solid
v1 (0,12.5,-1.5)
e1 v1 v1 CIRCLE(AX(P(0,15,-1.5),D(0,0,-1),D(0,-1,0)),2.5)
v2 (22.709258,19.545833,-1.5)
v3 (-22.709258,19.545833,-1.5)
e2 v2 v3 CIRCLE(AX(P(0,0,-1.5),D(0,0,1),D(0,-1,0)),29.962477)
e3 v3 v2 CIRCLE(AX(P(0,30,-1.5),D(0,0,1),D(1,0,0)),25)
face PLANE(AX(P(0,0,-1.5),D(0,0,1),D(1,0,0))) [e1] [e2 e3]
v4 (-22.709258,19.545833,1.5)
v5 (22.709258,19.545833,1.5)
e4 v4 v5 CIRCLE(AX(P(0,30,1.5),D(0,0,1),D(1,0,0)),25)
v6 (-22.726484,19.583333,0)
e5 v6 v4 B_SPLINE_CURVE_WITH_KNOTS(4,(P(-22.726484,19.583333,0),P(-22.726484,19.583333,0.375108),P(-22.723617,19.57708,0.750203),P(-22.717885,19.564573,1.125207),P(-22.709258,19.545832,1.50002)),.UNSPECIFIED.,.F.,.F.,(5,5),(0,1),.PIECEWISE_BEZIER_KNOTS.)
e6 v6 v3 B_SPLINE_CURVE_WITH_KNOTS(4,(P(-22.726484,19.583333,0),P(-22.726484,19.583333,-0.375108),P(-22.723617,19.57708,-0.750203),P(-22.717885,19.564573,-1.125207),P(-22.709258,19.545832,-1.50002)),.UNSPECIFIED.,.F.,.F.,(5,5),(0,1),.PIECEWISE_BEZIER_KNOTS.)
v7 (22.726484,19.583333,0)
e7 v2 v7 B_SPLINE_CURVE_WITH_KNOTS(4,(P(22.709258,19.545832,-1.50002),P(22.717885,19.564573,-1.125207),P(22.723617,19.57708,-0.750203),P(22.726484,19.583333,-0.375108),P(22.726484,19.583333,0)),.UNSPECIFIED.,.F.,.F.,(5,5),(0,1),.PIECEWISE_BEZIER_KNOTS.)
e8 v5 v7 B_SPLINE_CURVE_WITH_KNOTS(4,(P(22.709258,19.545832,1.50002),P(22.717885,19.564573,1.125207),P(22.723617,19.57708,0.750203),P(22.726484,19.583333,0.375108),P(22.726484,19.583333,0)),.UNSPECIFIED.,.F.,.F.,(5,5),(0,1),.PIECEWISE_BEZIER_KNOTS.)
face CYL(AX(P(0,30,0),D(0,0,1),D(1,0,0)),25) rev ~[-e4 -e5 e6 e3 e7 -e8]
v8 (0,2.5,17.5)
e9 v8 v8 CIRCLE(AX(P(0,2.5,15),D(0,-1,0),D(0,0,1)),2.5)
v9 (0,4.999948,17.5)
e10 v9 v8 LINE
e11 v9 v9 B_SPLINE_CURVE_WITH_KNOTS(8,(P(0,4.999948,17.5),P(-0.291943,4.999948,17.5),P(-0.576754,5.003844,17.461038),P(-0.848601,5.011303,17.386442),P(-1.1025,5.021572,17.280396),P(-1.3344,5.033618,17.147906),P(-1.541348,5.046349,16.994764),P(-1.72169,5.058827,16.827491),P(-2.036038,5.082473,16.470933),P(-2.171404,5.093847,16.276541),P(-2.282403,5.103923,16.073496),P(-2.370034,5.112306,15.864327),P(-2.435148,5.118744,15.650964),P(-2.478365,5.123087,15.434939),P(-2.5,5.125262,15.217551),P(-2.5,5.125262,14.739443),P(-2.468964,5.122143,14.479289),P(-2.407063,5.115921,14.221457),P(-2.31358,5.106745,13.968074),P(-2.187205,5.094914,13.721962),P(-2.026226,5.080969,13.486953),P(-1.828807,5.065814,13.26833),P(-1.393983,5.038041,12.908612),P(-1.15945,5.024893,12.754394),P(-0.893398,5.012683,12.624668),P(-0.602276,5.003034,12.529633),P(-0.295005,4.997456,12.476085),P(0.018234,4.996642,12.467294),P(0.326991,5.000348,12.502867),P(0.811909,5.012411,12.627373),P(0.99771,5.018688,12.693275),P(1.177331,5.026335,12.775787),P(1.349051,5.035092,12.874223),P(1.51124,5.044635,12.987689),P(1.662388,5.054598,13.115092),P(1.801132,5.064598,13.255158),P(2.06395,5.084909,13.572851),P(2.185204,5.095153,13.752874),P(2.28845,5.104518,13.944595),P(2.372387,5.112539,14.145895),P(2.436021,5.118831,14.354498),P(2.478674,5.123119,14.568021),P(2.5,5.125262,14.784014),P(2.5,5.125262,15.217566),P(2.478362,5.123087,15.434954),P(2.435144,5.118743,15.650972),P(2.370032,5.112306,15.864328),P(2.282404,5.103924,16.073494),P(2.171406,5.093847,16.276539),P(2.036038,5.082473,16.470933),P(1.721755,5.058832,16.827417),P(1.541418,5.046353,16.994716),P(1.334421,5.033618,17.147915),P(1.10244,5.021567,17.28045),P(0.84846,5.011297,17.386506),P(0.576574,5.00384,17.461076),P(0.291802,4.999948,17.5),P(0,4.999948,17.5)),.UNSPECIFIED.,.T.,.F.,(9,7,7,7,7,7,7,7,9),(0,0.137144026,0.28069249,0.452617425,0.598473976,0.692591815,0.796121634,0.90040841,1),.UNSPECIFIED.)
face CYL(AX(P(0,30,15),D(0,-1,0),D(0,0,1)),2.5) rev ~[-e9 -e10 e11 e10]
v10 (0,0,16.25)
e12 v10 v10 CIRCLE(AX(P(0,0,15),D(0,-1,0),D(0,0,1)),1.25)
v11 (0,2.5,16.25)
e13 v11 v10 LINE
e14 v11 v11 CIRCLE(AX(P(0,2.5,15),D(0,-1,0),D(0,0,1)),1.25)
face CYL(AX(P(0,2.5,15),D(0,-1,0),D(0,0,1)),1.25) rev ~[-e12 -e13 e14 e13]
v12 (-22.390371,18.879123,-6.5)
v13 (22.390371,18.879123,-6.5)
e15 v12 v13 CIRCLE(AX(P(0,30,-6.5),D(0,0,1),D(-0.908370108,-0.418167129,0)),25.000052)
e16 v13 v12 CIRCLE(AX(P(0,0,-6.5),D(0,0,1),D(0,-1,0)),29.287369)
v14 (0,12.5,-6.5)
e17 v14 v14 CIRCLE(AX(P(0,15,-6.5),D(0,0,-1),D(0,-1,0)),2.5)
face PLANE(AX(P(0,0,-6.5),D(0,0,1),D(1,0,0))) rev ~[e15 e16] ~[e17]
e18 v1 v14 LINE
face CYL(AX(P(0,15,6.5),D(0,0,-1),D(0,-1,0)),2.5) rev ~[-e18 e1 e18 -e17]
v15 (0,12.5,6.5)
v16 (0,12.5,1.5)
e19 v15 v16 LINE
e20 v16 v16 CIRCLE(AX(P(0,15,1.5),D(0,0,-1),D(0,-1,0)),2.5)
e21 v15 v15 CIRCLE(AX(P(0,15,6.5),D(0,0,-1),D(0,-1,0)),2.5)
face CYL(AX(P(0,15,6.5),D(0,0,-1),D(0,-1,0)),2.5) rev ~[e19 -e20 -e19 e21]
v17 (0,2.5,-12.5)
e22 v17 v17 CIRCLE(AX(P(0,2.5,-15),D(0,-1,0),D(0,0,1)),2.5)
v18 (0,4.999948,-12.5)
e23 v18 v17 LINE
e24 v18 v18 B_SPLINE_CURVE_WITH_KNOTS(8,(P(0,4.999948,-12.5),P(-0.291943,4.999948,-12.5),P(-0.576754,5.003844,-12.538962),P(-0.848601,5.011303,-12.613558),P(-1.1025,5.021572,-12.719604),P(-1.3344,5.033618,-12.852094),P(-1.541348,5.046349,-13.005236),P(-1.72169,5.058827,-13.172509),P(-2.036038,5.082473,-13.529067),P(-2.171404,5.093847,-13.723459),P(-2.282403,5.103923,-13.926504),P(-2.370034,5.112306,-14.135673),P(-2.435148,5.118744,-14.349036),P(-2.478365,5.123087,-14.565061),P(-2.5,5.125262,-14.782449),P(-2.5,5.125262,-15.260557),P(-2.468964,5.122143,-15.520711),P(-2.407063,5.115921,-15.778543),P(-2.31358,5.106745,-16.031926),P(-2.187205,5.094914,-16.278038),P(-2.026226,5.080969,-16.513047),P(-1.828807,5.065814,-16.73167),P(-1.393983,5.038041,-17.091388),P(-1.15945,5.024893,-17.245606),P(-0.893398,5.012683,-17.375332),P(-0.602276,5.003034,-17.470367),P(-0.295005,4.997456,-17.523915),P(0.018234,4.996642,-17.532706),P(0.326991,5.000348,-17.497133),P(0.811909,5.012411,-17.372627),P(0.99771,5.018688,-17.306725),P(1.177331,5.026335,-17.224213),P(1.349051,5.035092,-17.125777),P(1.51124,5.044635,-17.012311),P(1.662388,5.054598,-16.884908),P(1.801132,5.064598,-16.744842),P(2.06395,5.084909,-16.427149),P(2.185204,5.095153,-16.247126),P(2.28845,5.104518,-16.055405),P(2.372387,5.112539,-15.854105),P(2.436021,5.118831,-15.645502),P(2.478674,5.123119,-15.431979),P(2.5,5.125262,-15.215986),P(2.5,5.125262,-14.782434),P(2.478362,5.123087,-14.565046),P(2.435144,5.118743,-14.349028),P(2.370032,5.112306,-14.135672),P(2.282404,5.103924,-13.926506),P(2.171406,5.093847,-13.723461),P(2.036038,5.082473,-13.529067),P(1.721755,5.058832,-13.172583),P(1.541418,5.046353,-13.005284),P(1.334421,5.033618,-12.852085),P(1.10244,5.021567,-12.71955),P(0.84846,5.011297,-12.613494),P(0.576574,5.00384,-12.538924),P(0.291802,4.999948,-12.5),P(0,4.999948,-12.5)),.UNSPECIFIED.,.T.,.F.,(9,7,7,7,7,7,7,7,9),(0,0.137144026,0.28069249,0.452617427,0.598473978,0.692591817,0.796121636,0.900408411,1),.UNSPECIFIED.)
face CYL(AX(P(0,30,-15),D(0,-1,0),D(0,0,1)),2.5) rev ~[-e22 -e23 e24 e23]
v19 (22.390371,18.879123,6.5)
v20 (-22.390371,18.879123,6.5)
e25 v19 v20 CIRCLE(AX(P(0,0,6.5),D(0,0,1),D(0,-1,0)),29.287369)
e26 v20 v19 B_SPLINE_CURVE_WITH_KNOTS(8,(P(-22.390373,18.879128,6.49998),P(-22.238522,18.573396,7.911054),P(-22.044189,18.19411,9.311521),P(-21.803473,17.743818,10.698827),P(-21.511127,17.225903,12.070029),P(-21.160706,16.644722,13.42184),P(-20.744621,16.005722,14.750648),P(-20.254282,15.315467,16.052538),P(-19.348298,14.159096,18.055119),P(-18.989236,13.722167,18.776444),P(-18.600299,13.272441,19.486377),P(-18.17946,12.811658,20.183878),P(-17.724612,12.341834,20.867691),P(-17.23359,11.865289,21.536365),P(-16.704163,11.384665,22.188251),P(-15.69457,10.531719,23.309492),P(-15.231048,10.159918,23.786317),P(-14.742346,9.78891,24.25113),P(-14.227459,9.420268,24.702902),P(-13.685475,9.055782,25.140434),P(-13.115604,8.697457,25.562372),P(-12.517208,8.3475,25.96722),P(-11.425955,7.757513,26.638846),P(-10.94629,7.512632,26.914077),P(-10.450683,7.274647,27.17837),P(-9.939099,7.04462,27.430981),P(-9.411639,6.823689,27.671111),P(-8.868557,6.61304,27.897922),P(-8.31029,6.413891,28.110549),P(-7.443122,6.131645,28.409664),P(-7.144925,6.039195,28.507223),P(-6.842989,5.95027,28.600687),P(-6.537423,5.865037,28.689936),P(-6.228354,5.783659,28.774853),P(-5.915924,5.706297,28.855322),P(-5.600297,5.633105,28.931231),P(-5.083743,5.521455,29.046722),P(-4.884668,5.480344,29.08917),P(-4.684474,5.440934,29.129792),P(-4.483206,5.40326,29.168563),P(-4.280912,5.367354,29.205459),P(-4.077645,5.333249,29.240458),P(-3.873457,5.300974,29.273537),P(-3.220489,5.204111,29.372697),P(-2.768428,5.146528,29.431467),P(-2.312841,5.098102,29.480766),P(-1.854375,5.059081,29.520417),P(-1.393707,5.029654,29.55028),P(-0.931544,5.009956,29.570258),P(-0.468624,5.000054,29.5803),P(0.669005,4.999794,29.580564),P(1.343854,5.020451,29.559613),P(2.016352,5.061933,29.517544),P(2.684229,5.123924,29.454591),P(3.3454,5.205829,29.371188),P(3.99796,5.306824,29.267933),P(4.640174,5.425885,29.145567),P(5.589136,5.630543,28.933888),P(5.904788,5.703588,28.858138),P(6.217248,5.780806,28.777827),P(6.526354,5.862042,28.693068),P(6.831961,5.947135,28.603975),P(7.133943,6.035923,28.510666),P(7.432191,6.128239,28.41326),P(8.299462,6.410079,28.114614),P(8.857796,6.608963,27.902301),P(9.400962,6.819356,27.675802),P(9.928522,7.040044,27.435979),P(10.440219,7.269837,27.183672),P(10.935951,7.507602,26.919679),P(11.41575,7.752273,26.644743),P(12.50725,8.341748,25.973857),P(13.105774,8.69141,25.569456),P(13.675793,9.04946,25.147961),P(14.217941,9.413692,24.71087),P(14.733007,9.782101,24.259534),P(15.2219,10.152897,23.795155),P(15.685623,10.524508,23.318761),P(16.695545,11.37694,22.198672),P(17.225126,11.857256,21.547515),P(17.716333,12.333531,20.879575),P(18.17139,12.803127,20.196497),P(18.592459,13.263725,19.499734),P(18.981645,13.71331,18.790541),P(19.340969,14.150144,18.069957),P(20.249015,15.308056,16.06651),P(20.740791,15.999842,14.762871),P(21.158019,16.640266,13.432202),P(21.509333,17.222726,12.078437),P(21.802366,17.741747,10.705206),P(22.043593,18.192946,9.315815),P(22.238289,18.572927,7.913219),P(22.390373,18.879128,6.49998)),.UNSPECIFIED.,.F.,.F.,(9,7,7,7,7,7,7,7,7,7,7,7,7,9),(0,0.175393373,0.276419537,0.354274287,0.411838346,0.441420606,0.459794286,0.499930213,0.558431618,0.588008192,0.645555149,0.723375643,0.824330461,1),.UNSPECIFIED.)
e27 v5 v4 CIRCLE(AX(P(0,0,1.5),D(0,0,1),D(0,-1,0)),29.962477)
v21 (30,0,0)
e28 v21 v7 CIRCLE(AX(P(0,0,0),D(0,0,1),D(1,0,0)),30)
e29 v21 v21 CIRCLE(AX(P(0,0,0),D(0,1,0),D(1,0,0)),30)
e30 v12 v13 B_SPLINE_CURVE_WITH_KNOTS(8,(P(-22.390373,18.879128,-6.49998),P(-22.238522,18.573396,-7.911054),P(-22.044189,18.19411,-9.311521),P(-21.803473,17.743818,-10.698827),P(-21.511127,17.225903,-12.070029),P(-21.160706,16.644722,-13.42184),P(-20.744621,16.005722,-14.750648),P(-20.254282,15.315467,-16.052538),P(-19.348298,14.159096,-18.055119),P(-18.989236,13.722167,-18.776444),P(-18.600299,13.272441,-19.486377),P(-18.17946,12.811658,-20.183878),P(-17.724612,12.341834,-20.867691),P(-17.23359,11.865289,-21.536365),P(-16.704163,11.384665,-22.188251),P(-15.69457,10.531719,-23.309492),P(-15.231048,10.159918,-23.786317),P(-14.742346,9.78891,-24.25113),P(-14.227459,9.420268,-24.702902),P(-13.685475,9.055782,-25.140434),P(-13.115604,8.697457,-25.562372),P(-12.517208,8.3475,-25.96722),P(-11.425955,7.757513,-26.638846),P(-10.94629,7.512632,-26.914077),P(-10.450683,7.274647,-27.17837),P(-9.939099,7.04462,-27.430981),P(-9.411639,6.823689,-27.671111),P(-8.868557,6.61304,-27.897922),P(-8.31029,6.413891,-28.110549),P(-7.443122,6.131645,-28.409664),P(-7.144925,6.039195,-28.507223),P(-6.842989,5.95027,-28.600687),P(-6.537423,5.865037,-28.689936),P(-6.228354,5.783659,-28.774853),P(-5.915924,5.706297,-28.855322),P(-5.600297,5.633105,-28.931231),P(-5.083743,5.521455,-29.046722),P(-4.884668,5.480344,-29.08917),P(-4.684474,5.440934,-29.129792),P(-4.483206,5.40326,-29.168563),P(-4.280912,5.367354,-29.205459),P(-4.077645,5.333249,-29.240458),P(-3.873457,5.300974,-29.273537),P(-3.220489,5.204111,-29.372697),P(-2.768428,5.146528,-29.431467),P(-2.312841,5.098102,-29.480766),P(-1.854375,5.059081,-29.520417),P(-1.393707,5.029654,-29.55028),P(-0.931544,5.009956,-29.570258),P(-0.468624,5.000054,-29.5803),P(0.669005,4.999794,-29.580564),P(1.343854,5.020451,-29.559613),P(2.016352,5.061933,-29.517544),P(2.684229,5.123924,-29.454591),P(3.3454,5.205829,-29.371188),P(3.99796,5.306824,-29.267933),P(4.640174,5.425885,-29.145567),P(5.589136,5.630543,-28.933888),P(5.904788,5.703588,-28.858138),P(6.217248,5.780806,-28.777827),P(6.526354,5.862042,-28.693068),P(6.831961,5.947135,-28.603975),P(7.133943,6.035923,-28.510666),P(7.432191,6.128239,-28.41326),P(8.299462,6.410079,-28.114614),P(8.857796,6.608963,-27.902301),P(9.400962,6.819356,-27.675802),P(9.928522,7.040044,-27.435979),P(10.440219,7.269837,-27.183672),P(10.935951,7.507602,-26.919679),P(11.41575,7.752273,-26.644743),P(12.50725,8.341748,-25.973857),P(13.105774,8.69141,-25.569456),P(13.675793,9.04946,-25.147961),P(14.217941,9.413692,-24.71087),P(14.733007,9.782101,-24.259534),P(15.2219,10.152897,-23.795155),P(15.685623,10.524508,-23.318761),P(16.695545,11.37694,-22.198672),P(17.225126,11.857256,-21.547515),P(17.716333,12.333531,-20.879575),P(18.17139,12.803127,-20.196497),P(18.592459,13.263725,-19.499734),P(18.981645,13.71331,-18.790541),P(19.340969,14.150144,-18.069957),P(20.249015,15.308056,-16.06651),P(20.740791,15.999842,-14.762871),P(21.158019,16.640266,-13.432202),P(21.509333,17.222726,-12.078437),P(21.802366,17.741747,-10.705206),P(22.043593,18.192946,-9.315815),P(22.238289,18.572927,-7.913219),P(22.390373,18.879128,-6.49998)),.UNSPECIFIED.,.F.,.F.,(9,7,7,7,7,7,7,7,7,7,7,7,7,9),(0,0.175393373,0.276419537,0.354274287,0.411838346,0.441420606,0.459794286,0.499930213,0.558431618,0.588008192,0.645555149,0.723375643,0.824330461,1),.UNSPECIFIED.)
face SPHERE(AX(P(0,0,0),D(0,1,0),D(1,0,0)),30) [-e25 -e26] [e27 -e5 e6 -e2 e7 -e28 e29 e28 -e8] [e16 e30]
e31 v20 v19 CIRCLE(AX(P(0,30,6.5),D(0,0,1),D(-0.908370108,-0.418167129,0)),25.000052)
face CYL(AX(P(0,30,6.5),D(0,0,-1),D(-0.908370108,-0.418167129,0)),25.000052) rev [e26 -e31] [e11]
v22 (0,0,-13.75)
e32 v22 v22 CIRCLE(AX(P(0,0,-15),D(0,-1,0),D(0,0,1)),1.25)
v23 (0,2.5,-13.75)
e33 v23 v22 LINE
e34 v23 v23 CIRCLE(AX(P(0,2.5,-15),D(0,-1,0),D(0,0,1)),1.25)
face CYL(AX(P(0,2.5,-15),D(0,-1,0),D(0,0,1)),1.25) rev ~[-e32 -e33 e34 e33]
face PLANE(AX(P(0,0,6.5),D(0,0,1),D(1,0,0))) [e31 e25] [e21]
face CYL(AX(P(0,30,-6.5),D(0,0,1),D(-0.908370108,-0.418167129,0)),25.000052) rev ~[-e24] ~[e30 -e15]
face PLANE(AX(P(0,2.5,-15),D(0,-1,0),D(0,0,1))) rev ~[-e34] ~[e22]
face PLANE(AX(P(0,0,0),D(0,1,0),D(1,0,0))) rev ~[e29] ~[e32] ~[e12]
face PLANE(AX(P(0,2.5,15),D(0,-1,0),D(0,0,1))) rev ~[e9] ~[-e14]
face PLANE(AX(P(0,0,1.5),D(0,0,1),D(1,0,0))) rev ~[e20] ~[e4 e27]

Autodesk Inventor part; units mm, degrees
sketch "Sketch1" plane through (0, 0, 0) normal (0, 0, 1) x (1, 0, 0)
  arc A0 (30, 0) -> (0, 30) centre (0, 0) ccw
  line L0 (30, 0) -> (0, 0)
  line L1 (0, 0) -> (0, 30)
  dimension "d0" = 30
revolve "Revolution1" add sketch "Sketch1" angle 360 about axis through (0, 0, 0) along (0, 1, 0)
sketch "Sketch2" plane through (0, 0, 0) normal (0, 0, 1) x (1, 0, 0)
  circle A0 centre (0, 30) radius 25
  point P0 (0, 0)
  dimension "d2" = 30
  dimension "d3" = 25
extrude "Extrusion1" cut sketch "Sketch2" along normal mid plane 3
ref_plane "Work Plane1" through (0, 0, 6.5) normal (0, 0, 1) x (1, 0, 0)
sketch "Sketch3" plane through (0, 0, 6.5) normal (0, 0, 1) x (1, 0, 0)
  arc A0 (22.7093, 19.5458) -> (-22.7093, 19.5458) centre (0, 0) ccw projected
  arc A1 (-22.7093, 19.5458) -> (22.7093, 19.5458) centre (0, 30) ccw projected
extrude "Extrusion2" cut sketch "Sketch3" along normal through all
ref_plane "Work Plane2" through (0, 0, -6.5) normal (0, 0, 1) x (1, 0, 0)
sketch "Sketch4" plane through (0, 0, -6.5) normal (0, 0, 1) x (1, 0, 0)
  arc A0 (22.7093, 19.5458) -> (-22.7093, 19.5458) centre (0, 0) ccw projected
  arc A1 (-22.7093, 19.5458) -> (22.7093, 19.5458) centre (0, 30) ccw projected
extrude "Extrusion3" cut sketch "Sketch4" against normal through all
sketch "Sketch5" plane through (0, 0, 6.5) normal (0, 0, 1) x (1, 0, 0)
  line L0 (-30, 0) -> (30, 0) projected
  point P0 (0, 0)
  point P1 (0, 15)
  dimension "d12" = 15
hole "Hole1" at (0, 15, 6.5) direction (0, 0, -1) diameter 5 end through all
ref_plane "Work Plane3" through (0, 30, 0) normal (0, 1, 0) x (-1, 0, 0)
sketch "Sketch6" plane through (0, 30, 0) normal (0, 1, 0) x (-1, 0, 0)
  line L0 (0, -15) -> (0, 15) construction
  point P0 (0, 0)
  point P1 (0, 0)
  dimension "d21" = 30
hole "Hole2" at (0, 30, -15) at (0, 30, 15) direction (0, -1, 0) diameter 2.5 end through all counterbore diameter 5 counterbore depth 27.5
properties part number "Part004. Spherical Support" material "Steel, Carbon"
